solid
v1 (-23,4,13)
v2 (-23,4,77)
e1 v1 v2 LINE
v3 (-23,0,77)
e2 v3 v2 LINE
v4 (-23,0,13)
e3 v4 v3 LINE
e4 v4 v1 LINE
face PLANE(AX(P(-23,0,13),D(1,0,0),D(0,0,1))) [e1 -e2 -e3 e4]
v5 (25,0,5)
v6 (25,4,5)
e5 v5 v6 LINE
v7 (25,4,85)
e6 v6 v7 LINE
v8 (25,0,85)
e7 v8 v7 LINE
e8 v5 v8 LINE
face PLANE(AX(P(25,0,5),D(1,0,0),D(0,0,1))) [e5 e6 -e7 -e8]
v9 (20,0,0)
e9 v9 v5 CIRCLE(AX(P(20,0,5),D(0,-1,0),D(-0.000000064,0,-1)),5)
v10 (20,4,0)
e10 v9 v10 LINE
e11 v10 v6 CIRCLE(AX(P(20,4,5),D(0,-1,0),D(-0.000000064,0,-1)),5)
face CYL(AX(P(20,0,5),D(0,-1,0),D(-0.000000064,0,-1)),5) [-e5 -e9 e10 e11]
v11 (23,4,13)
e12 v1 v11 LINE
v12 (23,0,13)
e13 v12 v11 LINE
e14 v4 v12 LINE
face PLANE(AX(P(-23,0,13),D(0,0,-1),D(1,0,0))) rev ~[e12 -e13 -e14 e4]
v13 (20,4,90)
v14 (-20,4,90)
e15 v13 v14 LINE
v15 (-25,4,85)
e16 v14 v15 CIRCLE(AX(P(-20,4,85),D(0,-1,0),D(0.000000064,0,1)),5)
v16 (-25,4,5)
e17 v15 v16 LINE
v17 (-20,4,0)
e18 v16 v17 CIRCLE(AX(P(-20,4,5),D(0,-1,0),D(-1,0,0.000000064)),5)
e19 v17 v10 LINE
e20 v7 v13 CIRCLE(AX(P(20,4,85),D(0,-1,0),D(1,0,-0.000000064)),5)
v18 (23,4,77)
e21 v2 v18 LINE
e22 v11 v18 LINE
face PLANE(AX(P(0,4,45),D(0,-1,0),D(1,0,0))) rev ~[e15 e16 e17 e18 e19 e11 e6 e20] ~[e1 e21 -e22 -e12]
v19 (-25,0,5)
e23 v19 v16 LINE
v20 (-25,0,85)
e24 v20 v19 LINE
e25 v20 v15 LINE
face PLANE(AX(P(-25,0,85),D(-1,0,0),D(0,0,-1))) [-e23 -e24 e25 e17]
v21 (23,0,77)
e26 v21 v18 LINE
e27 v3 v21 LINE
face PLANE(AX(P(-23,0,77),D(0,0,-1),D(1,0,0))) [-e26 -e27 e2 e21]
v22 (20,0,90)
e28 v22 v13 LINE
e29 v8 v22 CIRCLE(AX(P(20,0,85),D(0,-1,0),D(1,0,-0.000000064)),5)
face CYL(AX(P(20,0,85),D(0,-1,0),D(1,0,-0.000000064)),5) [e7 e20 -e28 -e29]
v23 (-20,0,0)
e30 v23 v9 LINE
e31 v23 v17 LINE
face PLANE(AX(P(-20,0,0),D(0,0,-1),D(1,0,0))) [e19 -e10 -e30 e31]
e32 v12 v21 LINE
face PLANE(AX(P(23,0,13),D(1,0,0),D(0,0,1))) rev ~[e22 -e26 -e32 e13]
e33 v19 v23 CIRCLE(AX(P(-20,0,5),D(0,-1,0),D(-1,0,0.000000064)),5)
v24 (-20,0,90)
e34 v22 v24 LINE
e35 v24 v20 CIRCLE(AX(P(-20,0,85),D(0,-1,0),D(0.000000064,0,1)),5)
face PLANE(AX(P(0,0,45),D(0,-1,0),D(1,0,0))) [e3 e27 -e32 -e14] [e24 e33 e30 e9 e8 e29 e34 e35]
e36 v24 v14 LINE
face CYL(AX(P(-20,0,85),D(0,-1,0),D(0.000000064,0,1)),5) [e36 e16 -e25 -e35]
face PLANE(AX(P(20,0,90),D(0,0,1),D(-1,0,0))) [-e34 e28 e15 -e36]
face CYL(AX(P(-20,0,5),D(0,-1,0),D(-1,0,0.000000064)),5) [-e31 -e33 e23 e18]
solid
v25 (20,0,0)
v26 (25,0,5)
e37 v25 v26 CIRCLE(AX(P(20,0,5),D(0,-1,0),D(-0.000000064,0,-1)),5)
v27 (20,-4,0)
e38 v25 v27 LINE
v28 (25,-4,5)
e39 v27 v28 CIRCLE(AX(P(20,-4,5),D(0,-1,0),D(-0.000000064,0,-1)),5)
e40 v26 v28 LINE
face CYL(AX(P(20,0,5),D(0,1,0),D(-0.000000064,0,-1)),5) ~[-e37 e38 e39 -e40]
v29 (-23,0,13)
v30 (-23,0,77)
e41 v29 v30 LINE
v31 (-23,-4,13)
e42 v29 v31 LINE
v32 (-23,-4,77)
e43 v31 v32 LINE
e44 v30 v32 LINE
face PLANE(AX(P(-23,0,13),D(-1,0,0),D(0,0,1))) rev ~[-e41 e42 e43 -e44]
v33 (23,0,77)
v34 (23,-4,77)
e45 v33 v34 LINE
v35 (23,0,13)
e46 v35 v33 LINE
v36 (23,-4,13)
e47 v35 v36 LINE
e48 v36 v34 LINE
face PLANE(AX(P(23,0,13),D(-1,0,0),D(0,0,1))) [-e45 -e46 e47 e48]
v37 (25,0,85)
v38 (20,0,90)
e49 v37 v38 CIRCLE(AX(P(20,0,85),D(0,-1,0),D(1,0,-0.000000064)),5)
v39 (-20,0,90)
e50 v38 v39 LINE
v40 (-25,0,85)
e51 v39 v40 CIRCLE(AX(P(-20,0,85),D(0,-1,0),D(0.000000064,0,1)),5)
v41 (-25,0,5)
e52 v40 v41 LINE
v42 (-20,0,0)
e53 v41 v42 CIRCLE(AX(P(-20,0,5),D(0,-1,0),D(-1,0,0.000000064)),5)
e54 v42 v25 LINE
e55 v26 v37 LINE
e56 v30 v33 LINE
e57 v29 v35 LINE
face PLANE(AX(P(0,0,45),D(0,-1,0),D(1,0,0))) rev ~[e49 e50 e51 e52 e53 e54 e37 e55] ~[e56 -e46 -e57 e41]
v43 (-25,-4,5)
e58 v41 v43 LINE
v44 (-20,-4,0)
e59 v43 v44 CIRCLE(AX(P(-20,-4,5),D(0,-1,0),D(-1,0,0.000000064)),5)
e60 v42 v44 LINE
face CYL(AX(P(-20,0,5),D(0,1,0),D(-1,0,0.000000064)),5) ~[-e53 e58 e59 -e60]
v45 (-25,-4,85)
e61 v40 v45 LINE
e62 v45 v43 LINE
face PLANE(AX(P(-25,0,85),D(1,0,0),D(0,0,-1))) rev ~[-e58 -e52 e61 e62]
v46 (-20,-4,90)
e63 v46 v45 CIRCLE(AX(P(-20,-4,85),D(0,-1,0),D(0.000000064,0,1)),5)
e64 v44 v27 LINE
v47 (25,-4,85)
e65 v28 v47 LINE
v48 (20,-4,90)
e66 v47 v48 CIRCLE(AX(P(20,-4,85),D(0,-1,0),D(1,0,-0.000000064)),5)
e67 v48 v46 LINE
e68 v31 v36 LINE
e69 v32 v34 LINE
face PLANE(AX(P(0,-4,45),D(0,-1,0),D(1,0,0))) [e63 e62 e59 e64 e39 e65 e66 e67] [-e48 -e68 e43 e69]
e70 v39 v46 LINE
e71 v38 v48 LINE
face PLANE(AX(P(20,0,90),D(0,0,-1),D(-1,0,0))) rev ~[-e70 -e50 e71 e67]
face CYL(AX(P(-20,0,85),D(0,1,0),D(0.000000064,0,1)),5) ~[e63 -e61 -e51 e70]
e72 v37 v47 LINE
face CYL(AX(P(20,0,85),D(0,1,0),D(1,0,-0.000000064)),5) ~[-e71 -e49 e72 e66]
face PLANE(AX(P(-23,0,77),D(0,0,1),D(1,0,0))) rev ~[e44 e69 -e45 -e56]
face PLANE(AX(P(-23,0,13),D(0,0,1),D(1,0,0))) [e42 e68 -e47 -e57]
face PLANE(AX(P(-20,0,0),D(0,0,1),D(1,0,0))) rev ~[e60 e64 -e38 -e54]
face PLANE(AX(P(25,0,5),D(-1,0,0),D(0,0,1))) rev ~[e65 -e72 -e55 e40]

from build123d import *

# Parameters (mm, degrees)
F0_W     = 46
F0_H     = 64
F1_DEPTH = 4
F2_DEPTH = 4


with BuildPart() as f1:
    # F0 (on Front) → F1 (new body)
    with BuildSketch(Plane.XZ):
        with BuildLine():
            ThreePointArc((-25, 5), (-23.535534, 1.464466), (-20, 0))
            Line((-20, 0), (20, 0))
            ThreePointArc((20, 0), (23.535534, 1.464466), (25, 5))
            Line((25, 5), (25, 85))
            ThreePointArc((25, 85), (23.535534, 88.535534), (20, 90))
            Line((20, 90), (-20, 90))
            ThreePointArc((-20, 90), (-23.535534, 88.535534), (-25, 85))
            Line((-25, 85), (-25, 5))
        make_face()
        with Locations((0, 45)):
            Rectangle(F0_W, F0_H, mode=Mode.SUBTRACT)
    extrude(amount=F1_DEPTH)


with BuildPart() as f2:
    # F0 (on Front) → F2 (new body)
    with BuildSketch(Plane.XZ):
        with BuildLine():
            ThreePointArc((-25, 5), (-23.535534, 1.464466), (-20, 0))
            Line((-20, 0), (20, 0))
            ThreePointArc((20, 0), (23.535534, 1.464466), (25, 5))
            Line((25, 5), (25, 85))
            ThreePointArc((25, 85), (23.535534, 88.535534), (20, 90))
            Line((20, 90), (-20, 90))
            ThreePointArc((-20, 90), (-23.535534, 88.535534), (-25, 85))
            Line((-25, 85), (-25, 5))
        make_face()
        with Locations((0, 45)):
            Rectangle(F0_W, F0_H, mode=Mode.SUBTRACT)
    extrude(amount=-F2_DEPTH)


solid = Compound([f1.part, f2.part])
